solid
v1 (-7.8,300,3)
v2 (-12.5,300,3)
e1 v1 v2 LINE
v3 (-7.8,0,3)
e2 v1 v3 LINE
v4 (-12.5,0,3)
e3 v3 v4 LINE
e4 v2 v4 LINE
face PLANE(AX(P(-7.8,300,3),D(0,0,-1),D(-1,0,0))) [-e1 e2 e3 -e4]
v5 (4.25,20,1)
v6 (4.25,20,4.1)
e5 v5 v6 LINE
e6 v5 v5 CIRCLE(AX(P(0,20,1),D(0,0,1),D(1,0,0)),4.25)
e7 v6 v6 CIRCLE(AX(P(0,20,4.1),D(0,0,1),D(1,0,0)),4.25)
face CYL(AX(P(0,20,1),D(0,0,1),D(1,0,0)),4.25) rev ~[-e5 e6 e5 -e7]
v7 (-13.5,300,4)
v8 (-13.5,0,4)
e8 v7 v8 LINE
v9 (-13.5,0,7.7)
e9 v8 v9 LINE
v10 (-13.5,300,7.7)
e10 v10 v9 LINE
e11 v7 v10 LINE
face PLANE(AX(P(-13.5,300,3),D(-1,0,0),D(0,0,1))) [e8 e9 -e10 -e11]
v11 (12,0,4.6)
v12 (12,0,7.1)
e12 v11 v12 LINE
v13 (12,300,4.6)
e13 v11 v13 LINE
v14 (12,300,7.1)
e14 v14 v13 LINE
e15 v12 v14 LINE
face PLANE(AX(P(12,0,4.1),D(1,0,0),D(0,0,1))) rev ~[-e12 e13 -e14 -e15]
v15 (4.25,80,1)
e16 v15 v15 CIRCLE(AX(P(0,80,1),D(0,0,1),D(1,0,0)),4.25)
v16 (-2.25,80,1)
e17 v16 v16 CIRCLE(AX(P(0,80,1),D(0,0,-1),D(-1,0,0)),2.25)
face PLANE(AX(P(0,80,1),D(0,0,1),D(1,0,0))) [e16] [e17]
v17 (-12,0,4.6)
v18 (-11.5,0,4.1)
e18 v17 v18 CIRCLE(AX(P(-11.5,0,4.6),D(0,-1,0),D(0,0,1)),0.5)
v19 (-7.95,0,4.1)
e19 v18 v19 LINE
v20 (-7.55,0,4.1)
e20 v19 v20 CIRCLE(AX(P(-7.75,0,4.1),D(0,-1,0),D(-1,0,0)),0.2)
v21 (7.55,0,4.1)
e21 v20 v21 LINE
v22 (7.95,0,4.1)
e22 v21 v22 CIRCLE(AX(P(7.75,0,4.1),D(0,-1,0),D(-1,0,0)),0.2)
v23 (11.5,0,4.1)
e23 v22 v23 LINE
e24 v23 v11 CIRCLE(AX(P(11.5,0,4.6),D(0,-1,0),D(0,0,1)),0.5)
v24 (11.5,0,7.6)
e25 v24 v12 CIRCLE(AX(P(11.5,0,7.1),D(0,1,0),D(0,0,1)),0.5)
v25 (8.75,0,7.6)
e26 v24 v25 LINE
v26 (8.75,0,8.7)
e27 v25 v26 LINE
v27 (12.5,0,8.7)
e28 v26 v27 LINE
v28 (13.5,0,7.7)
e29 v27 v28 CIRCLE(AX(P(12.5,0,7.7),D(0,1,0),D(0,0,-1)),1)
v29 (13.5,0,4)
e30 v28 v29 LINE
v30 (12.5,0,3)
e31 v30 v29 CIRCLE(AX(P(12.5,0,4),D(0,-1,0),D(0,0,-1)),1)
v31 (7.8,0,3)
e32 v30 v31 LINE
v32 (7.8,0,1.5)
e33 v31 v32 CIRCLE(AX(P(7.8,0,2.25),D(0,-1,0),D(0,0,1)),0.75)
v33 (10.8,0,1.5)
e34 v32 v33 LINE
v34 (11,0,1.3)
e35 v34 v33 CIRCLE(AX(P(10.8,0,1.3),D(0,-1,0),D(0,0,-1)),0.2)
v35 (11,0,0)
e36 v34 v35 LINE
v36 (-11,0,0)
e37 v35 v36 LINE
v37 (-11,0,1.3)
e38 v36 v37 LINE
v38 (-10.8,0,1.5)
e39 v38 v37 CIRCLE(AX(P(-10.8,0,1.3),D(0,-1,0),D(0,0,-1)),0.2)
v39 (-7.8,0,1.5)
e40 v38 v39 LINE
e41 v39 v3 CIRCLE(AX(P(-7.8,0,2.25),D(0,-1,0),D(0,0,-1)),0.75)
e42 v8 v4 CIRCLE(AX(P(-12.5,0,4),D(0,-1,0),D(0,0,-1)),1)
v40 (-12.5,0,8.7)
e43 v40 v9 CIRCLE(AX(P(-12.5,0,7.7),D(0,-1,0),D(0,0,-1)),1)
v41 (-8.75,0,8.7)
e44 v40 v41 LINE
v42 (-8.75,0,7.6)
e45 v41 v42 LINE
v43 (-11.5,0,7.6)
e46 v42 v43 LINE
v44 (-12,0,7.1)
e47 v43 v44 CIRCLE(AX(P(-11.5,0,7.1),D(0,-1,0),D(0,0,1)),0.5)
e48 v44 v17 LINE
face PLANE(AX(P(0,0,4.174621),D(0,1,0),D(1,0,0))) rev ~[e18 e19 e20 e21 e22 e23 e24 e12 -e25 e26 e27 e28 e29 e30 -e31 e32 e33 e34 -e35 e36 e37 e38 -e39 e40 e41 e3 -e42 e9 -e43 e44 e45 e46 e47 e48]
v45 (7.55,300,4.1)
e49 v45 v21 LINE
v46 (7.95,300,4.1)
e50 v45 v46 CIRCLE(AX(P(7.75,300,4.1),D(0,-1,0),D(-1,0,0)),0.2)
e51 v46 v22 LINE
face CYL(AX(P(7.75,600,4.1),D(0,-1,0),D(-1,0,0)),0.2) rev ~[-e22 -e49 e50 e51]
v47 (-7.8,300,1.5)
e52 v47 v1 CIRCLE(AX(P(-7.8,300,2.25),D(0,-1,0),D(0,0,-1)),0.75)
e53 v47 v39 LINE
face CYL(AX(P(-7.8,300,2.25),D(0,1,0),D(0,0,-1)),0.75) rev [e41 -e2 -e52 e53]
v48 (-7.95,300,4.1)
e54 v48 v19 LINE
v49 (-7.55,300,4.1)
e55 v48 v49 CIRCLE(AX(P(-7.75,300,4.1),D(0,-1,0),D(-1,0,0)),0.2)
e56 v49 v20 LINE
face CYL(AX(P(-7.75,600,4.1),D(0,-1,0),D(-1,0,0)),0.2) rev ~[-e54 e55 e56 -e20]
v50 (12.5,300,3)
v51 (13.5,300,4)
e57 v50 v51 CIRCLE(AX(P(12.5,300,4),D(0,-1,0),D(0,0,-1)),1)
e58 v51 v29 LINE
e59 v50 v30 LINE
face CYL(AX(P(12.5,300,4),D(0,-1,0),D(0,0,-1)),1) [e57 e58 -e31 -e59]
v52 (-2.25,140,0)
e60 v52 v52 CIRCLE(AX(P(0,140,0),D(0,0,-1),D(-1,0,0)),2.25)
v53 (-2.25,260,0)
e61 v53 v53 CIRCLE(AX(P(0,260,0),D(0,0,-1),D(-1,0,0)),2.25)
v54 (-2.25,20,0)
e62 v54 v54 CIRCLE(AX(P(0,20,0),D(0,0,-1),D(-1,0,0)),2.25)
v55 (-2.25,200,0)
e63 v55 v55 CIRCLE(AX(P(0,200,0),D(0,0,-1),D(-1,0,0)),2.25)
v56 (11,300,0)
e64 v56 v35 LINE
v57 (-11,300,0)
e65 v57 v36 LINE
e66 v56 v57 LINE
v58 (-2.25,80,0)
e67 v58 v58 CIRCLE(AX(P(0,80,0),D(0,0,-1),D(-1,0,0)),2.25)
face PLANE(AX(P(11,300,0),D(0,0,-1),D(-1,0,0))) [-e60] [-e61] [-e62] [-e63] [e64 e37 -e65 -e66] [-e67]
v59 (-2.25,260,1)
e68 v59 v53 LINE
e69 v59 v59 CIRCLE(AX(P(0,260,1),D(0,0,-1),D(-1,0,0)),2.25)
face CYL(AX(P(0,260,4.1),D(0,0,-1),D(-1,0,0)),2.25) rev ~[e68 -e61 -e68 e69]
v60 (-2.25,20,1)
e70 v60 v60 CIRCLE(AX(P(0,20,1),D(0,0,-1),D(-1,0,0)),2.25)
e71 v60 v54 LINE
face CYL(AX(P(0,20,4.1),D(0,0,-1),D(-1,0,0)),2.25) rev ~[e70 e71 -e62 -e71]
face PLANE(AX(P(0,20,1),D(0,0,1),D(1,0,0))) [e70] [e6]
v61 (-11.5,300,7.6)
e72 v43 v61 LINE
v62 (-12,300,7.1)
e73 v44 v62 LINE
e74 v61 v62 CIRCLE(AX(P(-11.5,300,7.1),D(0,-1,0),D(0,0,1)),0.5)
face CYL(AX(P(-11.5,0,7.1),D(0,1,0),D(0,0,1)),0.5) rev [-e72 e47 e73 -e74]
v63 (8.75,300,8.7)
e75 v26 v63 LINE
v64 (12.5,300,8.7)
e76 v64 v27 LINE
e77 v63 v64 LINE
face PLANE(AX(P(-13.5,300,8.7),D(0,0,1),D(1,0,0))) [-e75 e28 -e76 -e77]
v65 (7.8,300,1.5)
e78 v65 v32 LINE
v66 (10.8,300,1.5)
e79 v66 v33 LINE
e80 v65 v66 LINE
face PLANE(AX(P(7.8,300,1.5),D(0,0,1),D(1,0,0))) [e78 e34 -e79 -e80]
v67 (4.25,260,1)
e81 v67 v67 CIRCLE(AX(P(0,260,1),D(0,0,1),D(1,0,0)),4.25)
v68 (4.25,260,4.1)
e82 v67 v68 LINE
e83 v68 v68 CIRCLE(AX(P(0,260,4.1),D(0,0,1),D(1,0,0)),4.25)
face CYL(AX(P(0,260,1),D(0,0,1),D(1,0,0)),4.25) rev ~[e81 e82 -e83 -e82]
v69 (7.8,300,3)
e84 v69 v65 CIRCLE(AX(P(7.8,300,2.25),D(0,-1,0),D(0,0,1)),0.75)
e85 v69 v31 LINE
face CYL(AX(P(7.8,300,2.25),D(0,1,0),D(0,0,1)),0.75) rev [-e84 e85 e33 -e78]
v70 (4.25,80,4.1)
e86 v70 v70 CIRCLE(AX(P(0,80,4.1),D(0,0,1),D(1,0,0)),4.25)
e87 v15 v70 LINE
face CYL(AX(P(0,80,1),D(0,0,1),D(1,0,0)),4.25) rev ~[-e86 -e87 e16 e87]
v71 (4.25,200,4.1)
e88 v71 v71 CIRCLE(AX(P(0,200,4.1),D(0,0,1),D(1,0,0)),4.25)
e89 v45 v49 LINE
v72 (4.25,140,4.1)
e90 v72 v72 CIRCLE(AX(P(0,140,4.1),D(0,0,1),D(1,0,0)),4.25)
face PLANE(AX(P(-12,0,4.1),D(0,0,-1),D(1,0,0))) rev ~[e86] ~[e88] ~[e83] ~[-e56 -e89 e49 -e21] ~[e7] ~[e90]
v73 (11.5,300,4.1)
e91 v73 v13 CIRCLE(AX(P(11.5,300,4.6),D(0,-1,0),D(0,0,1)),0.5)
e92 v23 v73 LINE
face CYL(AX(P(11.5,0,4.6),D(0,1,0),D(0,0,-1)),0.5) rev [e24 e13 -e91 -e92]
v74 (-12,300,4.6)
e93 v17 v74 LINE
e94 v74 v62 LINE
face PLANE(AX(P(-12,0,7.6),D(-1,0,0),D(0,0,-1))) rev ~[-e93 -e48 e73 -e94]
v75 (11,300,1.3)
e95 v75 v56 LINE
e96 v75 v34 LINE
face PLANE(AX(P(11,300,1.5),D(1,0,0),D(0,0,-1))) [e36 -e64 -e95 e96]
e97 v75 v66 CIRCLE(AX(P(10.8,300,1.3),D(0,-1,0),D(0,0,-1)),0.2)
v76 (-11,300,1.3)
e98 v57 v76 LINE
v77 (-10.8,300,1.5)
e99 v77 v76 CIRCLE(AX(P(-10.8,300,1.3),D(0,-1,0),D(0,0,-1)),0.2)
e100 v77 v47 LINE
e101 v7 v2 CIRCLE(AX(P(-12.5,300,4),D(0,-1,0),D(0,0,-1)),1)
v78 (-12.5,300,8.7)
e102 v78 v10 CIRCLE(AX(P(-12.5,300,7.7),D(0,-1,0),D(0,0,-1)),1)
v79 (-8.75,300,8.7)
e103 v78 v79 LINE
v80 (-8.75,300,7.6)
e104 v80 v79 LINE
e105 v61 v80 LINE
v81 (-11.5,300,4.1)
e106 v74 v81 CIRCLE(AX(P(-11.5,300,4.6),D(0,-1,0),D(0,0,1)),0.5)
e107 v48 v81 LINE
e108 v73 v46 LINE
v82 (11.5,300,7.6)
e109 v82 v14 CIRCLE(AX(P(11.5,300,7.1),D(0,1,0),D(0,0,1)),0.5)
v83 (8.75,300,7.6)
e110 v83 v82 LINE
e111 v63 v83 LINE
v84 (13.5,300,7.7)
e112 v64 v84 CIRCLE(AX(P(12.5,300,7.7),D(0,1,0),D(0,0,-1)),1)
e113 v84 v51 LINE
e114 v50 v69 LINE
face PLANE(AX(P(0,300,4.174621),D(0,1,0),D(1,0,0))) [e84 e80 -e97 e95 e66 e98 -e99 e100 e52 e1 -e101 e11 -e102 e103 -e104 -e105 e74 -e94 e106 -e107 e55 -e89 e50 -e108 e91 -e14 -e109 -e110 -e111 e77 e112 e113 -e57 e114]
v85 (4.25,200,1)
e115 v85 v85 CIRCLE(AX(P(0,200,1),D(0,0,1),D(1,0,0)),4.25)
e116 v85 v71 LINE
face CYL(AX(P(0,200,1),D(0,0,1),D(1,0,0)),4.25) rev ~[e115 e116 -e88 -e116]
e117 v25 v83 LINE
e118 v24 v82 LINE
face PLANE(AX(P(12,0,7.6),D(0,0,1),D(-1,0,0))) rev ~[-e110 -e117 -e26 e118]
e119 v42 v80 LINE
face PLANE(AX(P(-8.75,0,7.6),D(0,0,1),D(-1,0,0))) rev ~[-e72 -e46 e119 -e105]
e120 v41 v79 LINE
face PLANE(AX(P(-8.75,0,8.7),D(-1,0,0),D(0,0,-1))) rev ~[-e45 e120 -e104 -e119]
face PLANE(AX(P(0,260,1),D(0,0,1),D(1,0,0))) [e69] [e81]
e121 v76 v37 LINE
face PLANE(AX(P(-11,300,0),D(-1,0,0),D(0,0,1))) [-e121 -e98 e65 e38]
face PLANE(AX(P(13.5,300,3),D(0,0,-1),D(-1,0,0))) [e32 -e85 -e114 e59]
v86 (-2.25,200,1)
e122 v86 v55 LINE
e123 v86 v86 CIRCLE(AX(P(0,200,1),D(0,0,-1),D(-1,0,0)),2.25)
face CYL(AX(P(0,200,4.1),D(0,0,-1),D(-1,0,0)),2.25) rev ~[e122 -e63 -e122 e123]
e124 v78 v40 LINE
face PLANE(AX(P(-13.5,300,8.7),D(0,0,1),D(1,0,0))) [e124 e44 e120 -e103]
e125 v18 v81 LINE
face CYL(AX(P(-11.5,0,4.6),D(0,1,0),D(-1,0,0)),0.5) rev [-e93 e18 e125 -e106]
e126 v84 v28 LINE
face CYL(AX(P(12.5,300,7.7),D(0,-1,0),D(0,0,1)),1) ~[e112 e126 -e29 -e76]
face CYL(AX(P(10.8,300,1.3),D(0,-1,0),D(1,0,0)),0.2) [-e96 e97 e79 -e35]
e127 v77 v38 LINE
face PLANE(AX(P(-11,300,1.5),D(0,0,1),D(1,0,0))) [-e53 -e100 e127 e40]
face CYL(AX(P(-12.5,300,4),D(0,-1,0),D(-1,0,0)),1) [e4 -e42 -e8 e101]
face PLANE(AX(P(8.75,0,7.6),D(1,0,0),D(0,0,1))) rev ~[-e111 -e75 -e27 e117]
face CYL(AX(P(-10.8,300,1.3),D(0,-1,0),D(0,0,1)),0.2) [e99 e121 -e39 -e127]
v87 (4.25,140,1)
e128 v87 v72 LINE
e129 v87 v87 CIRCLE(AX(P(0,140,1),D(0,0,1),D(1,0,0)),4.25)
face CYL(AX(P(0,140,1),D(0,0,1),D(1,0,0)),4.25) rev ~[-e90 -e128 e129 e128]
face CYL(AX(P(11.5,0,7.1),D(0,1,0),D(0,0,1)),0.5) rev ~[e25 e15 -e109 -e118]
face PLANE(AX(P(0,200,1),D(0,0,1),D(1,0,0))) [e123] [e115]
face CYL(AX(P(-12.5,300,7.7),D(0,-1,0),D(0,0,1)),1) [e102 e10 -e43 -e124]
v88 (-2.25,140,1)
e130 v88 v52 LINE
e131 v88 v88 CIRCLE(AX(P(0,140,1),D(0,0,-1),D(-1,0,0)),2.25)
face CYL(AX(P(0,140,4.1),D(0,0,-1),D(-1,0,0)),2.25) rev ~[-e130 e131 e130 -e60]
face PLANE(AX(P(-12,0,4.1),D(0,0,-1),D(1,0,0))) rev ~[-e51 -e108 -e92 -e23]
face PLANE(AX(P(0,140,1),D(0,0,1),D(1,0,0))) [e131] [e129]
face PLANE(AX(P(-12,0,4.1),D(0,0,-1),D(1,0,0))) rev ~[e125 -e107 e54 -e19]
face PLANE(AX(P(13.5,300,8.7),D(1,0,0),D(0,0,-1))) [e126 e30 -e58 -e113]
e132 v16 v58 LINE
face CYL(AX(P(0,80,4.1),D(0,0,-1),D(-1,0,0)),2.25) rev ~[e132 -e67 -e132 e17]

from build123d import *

# Parameters (mm, degrees)
BOSS_EXTRUDE1_DEPTH                              = 300
CUT_EXTRUDE1_DEPTH                               = 301
F_0_4_0_4_DIAMETER_HOLE1_D                       = 0.4
F_0_4_0_4_DIAMETER_HOLE1_DEPTH                   = 300
CBORE_FOR_M4_HEX_HEAD_MACHINE_SCREW1_D           = 4.5
CBORE_FOR_M4_HEX_HEAD_MACHINE_SCREW1_DEPTH       = 4.1
CBORE_FOR_M4_HEX_HEAD_MACHINE_SCREW1_CBORE_D     = 8.5
CBORE_FOR_M4_HEX_HEAD_MACHINE_SCREW1_CBORE_DEPTH = 3.1
FILLET1_R                                        = 0.2
FILLET2_R                                        = 0.5
FILLET3_R                                        = 1


with BuildPart() as part:
    # Sketch1 → Boss-Extrude1 (new body)
    with BuildSketch(Plane(origin=(0, 300, 0), x_dir=(1, 0, 0), z_dir=(0, 1, 0))):
        with BuildLine():
            Line((-13.5, -3), (-13.5, -8.7))
            Line((-13.5, -8.7), (13.5, -8.7))
            Line((13.5, -8.7), (13.5, -3))
            Line((13.5, -3), (7.8, -3))
            ThreePointArc((7.8, -3), (7.05, -2.25), (7.8, -1.5))
            Line((7.8, -1.5), (11, -1.5))
            Line((11, -1.5), (11, 0))
            Line((11, 0), (-11, 0))
            Line((-11, 0), (-11, -1.5))
            Line((-11, -1.5), (-7.8, -1.5))
            ThreePointArc((-7.8, -1.5), (-7.05, -2.25), (-7.8, -3))
            Line((-7.8, -3), (-13.5, -3))
        make_face()
    extrude(amount=-BOSS_EXTRUDE1_DEPTH)

    # Sketch2 → Cut-Extrude1 (cut, through all)
    with BuildSketch(Plane.XZ):
        Polygon((8.75, 8.7), (-8.75, 8.7), (-8.75, 7.6), (-12, 7.6), (-12, 4.1), (12, 4.1), (12, 7.6), (8.75, 7.6), align=None)
    extrude(amount=-CUT_EXTRUDE1_DEPTH, mode=Mode.SUBTRACT)

    # Ø0.4 (0.4) Diameter Hole1
    with Locations(Plane(origin=(0, 300, 0), x_dir=(1, 0, 0), z_dir=(0, 1, 0))):
        with Locations((-7.75, -4.1), (7.75, -4.1)):
            Hole(F_0_4_0_4_DIAMETER_HOLE1_D / 2, depth=F_0_4_0_4_DIAMETER_HOLE1_DEPTH)

    # CBORE for M4 Hex Head Machine Screw1
    with Locations(Plane.XY.offset(4.1)):
        with Locations((0, 260), (0, 200), (0, 140), (0, 80), (0, 20)):
            CounterBoreHole(CBORE_FOR_M4_HEX_HEAD_MACHINE_SCREW1_D / 2, CBORE_FOR_M4_HEX_HEAD_MACHINE_SCREW1_CBORE_D / 2, CBORE_FOR_M4_HEX_HEAD_MACHINE_SCREW1_CBORE_DEPTH, depth=CBORE_FOR_M4_HEX_HEAD_MACHINE_SCREW1_DEPTH)

    # Fillet1
    fillet1_edges = [part.edges().sort_by_distance(p)[0] for p in [
        (-11, 150, 1.5),
        (11, 150, 1.5),
    ]]
    fillet(fillet1_edges, radius=FILLET1_R)

    # Fillet2
    fillet2_edges = [part.edges().sort_by_distance(p)[0] for p in [
        (12, 150, 7.6),
        (12, 150, 4.1),
        (-12, 150, 4.1),
        (-12, 150, 7.6),
    ]]
    fillet(fillet2_edges, radius=FILLET2_R)

    # Fillet3
    fillet3_edges = [part.edges().sort_by_distance(p)[0] for p in [
        (13.5, 150, 3),
        (13.5, 150, 8.7),
        (-13.5, 150, 8.7),
        (-13.5, 150, 3),
    ]]
    fillet(fillet3_edges, radius=FILLET3_R)


solid = part.part
